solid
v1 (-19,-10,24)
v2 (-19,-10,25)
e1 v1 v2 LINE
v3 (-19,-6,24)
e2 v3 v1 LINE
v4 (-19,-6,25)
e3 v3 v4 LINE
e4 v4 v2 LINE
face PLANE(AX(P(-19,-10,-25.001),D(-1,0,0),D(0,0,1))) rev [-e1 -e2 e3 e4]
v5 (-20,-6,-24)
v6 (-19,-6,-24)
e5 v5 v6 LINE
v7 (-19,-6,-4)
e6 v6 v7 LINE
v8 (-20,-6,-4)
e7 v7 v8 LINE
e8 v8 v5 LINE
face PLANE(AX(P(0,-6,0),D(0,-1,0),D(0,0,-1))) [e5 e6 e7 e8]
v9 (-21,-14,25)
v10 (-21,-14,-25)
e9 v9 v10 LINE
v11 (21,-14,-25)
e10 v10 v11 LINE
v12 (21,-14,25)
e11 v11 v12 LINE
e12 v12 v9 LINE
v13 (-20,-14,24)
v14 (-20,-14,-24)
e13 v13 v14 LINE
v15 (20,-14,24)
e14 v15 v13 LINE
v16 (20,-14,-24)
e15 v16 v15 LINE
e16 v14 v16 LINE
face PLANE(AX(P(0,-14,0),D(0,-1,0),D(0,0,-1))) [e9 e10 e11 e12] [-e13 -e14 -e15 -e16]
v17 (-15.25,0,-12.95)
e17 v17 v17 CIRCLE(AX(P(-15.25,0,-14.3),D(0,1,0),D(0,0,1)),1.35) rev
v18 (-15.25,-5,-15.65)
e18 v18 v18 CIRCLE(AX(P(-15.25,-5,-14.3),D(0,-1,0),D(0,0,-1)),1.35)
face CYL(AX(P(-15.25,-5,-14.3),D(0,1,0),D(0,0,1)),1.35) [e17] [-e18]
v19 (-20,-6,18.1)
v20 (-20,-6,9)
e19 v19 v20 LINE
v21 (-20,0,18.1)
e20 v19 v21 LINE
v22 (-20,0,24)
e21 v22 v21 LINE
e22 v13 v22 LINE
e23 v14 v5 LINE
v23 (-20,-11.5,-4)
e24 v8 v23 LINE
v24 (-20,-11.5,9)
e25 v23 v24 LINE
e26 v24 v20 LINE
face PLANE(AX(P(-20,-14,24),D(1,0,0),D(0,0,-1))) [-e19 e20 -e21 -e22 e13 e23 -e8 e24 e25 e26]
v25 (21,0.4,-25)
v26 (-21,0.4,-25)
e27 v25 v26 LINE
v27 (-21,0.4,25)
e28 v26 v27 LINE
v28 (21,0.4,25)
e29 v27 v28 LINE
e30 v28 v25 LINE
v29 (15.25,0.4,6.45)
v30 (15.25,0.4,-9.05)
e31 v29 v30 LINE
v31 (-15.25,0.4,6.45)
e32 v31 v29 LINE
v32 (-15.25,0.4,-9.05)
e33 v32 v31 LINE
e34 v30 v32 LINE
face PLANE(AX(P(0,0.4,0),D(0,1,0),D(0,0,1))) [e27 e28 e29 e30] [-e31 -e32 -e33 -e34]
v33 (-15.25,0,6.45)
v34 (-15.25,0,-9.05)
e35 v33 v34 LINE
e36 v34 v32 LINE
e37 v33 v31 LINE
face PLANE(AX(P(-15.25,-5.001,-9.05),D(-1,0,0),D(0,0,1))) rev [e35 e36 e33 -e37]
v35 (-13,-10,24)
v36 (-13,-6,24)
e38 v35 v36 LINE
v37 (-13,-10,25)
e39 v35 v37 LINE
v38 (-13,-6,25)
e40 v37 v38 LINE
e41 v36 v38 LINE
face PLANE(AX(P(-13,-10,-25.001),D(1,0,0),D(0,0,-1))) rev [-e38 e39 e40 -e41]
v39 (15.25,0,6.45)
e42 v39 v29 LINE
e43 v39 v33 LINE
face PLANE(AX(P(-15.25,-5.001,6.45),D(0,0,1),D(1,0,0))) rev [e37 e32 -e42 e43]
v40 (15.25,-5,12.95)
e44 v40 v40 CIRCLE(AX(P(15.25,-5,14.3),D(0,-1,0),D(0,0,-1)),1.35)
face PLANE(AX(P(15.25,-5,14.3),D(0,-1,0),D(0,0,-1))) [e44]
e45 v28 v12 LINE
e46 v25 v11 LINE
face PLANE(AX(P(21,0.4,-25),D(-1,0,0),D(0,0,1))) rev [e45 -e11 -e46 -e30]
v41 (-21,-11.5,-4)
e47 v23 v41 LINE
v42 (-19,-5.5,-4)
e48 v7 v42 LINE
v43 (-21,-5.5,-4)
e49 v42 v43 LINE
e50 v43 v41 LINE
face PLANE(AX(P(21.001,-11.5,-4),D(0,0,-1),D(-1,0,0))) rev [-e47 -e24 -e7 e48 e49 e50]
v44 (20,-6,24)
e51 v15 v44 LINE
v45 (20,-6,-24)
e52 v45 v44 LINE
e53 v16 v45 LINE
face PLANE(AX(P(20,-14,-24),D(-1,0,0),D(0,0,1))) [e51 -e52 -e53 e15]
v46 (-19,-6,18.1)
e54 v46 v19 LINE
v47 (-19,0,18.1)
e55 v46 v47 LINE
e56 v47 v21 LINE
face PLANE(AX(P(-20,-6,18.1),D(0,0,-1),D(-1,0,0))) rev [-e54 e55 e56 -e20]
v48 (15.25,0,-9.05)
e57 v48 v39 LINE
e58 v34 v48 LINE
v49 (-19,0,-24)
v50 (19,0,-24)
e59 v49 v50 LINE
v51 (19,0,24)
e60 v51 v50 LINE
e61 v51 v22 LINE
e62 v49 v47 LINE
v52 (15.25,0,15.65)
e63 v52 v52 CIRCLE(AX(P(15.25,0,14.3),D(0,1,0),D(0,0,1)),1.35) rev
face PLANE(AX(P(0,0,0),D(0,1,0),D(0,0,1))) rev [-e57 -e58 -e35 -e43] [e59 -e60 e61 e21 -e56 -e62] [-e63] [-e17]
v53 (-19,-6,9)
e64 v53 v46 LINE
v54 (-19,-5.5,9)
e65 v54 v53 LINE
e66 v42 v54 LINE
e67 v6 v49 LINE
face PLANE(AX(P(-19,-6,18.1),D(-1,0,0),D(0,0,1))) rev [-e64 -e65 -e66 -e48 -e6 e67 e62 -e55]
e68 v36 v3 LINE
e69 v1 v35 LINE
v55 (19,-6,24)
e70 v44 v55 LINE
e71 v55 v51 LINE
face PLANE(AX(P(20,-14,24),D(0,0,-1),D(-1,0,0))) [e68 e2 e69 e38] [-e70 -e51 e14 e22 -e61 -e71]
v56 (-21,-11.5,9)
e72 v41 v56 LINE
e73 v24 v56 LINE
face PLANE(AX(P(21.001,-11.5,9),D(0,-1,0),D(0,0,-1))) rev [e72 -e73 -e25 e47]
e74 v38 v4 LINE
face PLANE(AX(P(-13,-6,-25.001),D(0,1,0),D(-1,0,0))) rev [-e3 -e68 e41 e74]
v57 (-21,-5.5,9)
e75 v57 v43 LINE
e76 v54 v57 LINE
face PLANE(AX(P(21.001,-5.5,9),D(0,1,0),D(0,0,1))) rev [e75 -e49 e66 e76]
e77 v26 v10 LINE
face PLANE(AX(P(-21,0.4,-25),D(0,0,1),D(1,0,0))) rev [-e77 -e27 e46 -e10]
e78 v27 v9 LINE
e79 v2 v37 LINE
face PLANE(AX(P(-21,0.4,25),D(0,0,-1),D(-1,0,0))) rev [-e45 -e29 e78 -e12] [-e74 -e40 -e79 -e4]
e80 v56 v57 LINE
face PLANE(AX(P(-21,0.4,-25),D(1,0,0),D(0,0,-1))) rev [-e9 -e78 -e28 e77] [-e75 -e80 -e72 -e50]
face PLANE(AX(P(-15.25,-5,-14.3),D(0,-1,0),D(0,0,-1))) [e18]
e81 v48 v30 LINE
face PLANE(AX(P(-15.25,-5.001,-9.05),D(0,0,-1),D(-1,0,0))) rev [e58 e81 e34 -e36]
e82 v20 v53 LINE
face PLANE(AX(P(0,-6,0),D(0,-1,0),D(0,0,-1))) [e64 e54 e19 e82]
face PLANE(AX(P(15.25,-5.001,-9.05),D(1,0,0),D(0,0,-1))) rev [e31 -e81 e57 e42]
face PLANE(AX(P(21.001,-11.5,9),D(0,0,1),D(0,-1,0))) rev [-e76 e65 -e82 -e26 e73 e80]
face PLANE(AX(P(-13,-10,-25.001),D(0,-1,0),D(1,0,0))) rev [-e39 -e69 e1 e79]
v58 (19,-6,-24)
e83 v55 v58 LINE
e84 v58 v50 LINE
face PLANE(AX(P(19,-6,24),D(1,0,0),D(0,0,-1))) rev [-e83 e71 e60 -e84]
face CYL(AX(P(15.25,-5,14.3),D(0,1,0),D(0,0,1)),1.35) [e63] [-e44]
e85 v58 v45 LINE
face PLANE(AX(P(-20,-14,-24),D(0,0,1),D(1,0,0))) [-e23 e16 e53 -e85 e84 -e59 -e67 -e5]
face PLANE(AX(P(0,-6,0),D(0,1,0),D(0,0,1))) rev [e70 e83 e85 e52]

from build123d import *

# Parameters (mm, degrees)
SKETCH_1_W             = 42
SKETCH_1_H             = 50
BODY_DEPTH             = 0.4
SKETCH_3_R             = 1.35
OLED_PILLAR_DEPTH      = 5
OLED_WINDOW_REACH      = 35.093
SKETCH_2_W             = 30.5
SKETCH_2_H             = 15.5
SKETCH_4_W             = 42
SKETCH_4_H             = 50
SKETCH_4_W_2           = 40
SKETCH_4_H_2           = 48
FARMFEELWALL_DEPTH     = 14
SKETCH_5_W             = 1
SKETCH_5_H             = 42.1
SKETCH_5_H_2           = 48
ESPSUPPORT_DEPTH       = 6
MICRO5PIN_WINDOW_REACH = 52.843
SKETCH_7_W             = 13
SKETCH_7_H             = 6
RESET_WINDOW_REACH     = 58.009
SKETCH_9_W             = 6
SKETCH_9_H             = 4


with BuildPart() as part:
    # 스케치1 → Body (new body)
    with BuildSketch(Plane(origin=(0, 0, 0), x_dir=(1, 0, 0), z_dir=(0, 1, 0))):
        Rectangle(SKETCH_1_W, SKETCH_1_H)
    extrude(amount=BODY_DEPTH)

    # 스케치3 → OLED_pillar (add)
    with BuildSketch(Plane.XZ):
        with Locations(Location((15.25, 14.3, 0), (0, 0, 90))):
            Circle(SKETCH_3_R)
        with Locations(Location((-15.25, -14.3, 0), (0, 0, 90))):
            Circle(SKETCH_3_R)
    extrude(amount=OLED_PILLAR_DEPTH)

    # 스케치2 → OLED_window (cut, up to next)
    with BuildSketch(Plane(origin=(0, 0.4, 0), x_dir=(1, 0, 0), z_dir=(0, 1, 0)), mode=Mode.PRIVATE) as oled_window_sk1:
        with Locations((0, 1.3)):
            Rectangle(SKETCH_2_W, SKETCH_2_H)
    oled_window_tool1 = extrude(oled_window_sk1.sketch, amount=-OLED_WINDOW_REACH, mode=Mode.PRIVATE) & part.part
    add(oled_window_tool1.solids().sort_by_distance((0, 0.4, -1.3))[0], mode=Mode.SUBTRACT)

    # 스케치4 → FarmFeelWall (add)
    with BuildSketch(Plane.XZ):
        Rectangle(SKETCH_4_W, SKETCH_4_H)
        Rectangle(SKETCH_4_W_2, SKETCH_4_H_2, mode=Mode.SUBTRACT)
    extrude(amount=FARMFEELWALL_DEPTH)

    # 스케치5 → EspSupport (add)
    with BuildSketch(Plane.XZ):
        with Locations((-19.5, -2.95)):
            Rectangle(SKETCH_5_W, SKETCH_5_H)
        with Locations((19.5, 0)):
            Rectangle(SKETCH_5_W, SKETCH_5_H_2)
    extrude(amount=ESPSUPPORT_DEPTH)

    # 스케치7 → micro5pin_window (cut, up to next)
    with BuildSketch(Plane.ZY.offset(21), mode=Mode.PRIVATE) as micro5pin_window_sk1:
        with Locations((2.5, -8.5)):
            Rectangle(SKETCH_7_W, SKETCH_7_H)
    micro5pin_window_tool1 = extrude(micro5pin_window_sk1.sketch, amount=-MICRO5PIN_WINDOW_REACH, mode=Mode.PRIVATE) & part.part
    add(micro5pin_window_tool1.solids().sort_by_distance((-21, -8.5, 2.5))[0], mode=Mode.SUBTRACT)

    # 스케치9 → reset_window (cut, up to next)
    with BuildSketch(Plane.XY.offset(25), mode=Mode.PRIVATE) as reset_window_sk1:
        with Locations((-16, -8)):
            Rectangle(SKETCH_9_W, SKETCH_9_H)
    reset_window_tool1 = extrude(reset_window_sk1.sketch, amount=-RESET_WINDOW_REACH, mode=Mode.PRIVATE) & part.part
    add(reset_window_tool1.solids().sort_by_distance((-16, -8, 25))[0], mode=Mode.SUBTRACT)


solid = part.part
